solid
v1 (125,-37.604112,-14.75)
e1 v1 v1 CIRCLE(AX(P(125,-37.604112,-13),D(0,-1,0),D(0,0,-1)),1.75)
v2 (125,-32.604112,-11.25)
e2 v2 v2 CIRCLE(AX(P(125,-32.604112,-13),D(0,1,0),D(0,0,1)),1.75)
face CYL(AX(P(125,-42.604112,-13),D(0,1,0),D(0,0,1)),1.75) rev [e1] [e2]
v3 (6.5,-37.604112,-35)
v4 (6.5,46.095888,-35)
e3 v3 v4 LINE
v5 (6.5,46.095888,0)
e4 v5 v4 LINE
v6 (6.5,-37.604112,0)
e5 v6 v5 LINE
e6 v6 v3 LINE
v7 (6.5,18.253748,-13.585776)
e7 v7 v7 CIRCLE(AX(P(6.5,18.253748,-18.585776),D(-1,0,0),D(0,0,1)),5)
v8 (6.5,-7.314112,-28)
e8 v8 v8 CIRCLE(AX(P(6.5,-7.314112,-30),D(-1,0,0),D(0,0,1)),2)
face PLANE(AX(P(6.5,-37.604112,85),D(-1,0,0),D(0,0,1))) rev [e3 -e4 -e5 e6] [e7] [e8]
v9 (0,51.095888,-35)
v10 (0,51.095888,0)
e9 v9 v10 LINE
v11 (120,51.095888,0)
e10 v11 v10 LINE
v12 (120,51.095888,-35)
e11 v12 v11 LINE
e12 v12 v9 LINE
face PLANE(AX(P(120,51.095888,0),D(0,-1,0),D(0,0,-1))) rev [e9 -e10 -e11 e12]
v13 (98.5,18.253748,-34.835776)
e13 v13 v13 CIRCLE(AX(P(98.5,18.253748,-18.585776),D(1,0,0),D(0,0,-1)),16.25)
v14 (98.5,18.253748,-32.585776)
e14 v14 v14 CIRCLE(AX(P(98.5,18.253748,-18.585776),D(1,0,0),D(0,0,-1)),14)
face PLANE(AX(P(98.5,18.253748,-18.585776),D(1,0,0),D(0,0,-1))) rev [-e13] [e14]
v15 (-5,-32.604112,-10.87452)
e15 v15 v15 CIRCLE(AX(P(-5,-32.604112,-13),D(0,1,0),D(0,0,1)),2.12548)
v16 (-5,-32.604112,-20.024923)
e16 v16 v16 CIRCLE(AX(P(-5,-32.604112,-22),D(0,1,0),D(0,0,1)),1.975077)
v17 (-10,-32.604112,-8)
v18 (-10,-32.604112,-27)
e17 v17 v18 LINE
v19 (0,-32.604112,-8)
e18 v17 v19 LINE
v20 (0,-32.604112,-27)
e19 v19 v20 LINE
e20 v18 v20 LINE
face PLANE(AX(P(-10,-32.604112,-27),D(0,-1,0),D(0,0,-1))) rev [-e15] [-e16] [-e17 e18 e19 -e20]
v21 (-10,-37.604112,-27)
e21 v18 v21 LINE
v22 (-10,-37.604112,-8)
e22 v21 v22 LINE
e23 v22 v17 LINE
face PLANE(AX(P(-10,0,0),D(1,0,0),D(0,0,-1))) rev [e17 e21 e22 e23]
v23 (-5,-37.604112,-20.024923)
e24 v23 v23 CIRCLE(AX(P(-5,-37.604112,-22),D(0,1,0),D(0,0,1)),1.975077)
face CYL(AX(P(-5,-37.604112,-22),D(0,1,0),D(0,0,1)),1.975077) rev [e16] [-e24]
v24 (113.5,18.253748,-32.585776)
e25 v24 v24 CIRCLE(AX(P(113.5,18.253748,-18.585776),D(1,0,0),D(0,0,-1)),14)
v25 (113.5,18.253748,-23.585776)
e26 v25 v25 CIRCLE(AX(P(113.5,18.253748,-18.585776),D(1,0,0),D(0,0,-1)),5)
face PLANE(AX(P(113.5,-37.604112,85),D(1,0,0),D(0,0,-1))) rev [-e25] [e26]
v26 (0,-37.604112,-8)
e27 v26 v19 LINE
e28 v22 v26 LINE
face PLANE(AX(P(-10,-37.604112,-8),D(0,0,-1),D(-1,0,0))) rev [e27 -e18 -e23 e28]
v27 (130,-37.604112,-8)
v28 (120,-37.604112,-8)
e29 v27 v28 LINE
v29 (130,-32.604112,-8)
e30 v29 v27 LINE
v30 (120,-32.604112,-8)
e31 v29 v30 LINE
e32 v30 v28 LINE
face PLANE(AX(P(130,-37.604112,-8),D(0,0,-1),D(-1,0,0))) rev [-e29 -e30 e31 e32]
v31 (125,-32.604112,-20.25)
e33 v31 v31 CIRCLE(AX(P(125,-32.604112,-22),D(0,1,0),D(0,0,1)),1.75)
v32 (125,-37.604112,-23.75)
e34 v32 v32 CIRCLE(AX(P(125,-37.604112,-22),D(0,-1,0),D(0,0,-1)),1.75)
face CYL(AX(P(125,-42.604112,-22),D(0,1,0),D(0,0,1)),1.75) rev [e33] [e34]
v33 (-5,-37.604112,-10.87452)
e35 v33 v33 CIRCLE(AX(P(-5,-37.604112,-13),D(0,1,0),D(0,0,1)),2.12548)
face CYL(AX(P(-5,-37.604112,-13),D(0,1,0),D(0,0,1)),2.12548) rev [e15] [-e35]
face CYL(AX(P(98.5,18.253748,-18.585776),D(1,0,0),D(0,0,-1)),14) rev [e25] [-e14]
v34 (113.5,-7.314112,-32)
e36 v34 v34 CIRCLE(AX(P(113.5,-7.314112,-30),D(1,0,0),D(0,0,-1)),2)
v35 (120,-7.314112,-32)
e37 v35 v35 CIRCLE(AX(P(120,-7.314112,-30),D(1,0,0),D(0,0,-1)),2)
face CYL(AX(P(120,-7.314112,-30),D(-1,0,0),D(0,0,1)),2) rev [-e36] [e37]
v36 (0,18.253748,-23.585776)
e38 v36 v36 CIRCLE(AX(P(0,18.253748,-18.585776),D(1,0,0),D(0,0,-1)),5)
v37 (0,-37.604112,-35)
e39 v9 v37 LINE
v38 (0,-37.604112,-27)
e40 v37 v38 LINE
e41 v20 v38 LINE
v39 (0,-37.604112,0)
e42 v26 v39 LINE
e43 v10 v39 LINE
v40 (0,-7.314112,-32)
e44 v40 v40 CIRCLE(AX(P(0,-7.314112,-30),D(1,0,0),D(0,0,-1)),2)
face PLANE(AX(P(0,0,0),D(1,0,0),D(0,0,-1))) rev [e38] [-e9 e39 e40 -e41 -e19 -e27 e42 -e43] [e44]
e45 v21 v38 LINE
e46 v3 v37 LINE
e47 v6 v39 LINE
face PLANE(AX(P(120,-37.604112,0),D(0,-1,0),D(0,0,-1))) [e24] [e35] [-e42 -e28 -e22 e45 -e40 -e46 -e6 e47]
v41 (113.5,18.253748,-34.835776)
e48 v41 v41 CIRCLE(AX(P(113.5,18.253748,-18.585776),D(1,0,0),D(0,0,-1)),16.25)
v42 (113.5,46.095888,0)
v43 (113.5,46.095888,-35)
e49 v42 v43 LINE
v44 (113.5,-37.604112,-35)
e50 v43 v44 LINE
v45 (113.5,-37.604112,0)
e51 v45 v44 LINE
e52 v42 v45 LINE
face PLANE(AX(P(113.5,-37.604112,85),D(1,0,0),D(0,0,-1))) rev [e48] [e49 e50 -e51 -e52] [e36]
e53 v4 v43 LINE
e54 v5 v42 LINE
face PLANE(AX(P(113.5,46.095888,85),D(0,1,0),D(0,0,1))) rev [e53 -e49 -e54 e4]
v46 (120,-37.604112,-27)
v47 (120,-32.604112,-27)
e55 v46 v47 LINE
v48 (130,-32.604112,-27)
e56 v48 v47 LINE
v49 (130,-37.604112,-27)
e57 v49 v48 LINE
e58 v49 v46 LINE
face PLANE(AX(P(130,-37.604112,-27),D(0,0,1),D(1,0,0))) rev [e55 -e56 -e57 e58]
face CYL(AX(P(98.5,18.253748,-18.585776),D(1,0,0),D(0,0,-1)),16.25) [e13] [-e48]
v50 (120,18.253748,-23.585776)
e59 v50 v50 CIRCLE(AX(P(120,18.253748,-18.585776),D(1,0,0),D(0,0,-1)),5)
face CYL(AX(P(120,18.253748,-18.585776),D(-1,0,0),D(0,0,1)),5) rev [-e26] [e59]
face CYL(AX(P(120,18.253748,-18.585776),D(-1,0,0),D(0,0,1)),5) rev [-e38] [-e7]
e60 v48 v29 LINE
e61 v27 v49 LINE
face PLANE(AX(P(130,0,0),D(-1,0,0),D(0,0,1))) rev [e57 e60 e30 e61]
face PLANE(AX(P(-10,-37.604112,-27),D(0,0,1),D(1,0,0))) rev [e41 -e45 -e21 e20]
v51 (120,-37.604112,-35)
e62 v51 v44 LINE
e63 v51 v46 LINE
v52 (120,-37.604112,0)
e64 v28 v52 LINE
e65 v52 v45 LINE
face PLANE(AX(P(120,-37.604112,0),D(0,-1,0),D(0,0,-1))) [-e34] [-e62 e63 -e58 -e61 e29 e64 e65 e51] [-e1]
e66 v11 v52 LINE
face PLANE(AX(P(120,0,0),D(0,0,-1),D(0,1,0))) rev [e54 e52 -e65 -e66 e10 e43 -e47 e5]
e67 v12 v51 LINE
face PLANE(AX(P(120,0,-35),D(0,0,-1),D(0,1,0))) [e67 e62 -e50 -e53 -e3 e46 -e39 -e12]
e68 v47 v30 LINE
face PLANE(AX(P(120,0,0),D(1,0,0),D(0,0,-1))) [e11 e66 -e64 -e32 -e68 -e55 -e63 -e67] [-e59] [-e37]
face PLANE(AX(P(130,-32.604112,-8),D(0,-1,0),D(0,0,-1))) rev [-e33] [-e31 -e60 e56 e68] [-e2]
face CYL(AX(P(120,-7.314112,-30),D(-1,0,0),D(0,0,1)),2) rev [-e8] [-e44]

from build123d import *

# Parameters (mm, degrees)
ESQUISSE4_R             = 2
ESQUISSE4_R_2           = 5
BOSS_EXTRU_1_DEPTH      = 120
ESQUISSE19_W            = 107
ESQUISSE19_H            = 83.7
ENL_V_MAT_EXTRU_1_DEPTH = 120
ESQUISSE20_R            = 16.25
ESQUISSE20_R_2          = 14
BOSS_EXTRU_2_DEPTH      = 21.5
ESQUISSE28_W            = 19
ESQUISSE28_H            = 5
BOSS_EXTRU_6_DEPTH      = 10
ESQUISSE29_R            = 1.75
ENL_V_MAT_EXTRU_6_DEPTH = 10
ESQUISSE33_W            = 19
ESQUISSE33_H            = 5
BOSS_EXTRU_7_DEPTH      = 10
ESQUISSE34_R            = 1.975077454
ESQUISSE34_R_2          = 2.125479737
ENL_V_MAT_EXTRU_7_DEPTH = 159.52662237


with BuildPart() as part:
    # Esquisse4 → Boss.-Extru.1 (new body)
    with BuildSketch(Plane(origin=(0, 0, 0), x_dir=(0, 0, -1), z_dir=(1, 0, 0))):
        Polygon((30, -37.604112468), (35, -37.604112468), (35, 51.095887532), (0, 51.095887532), (0, -37.604112468), align=None)
        with Locations((30, -7.314112468)):
            Circle(ESQUISSE4_R, mode=Mode.SUBTRACT)
        with Locations((18.58577647, 18.253748241)):
            Circle(ESQUISSE4_R_2, mode=Mode.SUBTRACT)
    extrude(amount=BOSS_EXTRU_1_DEPTH)

    # Esquisse19 → Enlèv. mat.-Extru.1 (cut)
    with BuildSketch(Plane(origin=(0, 0, -35), x_dir=(-1, 0, 0), z_dir=(0, 0, -1))):
        with Locations((-60, 4.245887532)):
            Rectangle(ESQUISSE19_W, ESQUISSE19_H)
    extrude(amount=-ENL_V_MAT_EXTRU_1_DEPTH, mode=Mode.SUBTRACT)

    # Esquisse20 → Boss.-Extru.2 (add)
    with BuildSketch(Plane(origin=(120, 0, 0), x_dir=(0, 0, -1), z_dir=(1, 0, 0))):
        with Locations((18.58577647, 18.253748241)):
            Circle(ESQUISSE20_R)
        with Locations((18.58577647, 18.253748241)):
            Circle(ESQUISSE20_R_2, mode=Mode.SUBTRACT)
    extrude(amount=-BOSS_EXTRU_2_DEPTH)

    # Esquisse28 → Boss.-Extru.6 (add)
    with BuildSketch(Plane(origin=(120, 0, 0), x_dir=(0, 0, -1), z_dir=(1, 0, 0))):
        with Locations((17.5, -35.104112468)):
            Rectangle(ESQUISSE28_W, ESQUISSE28_H)
    extrude(amount=BOSS_EXTRU_6_DEPTH)

    # Esquisse29 → Enlèv. mat.-Extru.6 (cut)
    with BuildSketch(Plane(origin=(0, -32.604112468, 0), x_dir=(1, 0, 0), z_dir=(0, 1, 0))):
        with Locations(Location((125, 22, 0), (0, 0, 270))):
            Circle(ESQUISSE29_R)
        with Locations(Location((125, 13, 0), (0, 0, 270))):
            Circle(ESQUISSE29_R)
    extrude(amount=-ENL_V_MAT_EXTRU_6_DEPTH, mode=Mode.SUBTRACT)

    # Esquisse33 → Boss.-Extru.7 (add)
    with BuildSketch(Plane.ZY):
        with Locations((-17.5, -35.104112468)):
            Rectangle(ESQUISSE33_W, ESQUISSE33_H)
    extrude(amount=BOSS_EXTRU_7_DEPTH)

    # Esquisse34 → Enlèv. mat.-Extru.7 (cut, through all)
    with BuildSketch(Plane(origin=(0, -32.604112468, 0), x_dir=(1, 0, 0), z_dir=(0, 1, 0))):
        with Locations(Location((-5, 22, 0), (0, 0, 270))):
            Circle(ESQUISSE34_R)
        with Locations(Location((-5, 13, 0), (0, 0, 270))):
            Circle(ESQUISSE34_R_2)
    extrude(amount=-ENL_V_MAT_EXTRU_7_DEPTH, mode=Mode.SUBTRACT)


solid = part.part
